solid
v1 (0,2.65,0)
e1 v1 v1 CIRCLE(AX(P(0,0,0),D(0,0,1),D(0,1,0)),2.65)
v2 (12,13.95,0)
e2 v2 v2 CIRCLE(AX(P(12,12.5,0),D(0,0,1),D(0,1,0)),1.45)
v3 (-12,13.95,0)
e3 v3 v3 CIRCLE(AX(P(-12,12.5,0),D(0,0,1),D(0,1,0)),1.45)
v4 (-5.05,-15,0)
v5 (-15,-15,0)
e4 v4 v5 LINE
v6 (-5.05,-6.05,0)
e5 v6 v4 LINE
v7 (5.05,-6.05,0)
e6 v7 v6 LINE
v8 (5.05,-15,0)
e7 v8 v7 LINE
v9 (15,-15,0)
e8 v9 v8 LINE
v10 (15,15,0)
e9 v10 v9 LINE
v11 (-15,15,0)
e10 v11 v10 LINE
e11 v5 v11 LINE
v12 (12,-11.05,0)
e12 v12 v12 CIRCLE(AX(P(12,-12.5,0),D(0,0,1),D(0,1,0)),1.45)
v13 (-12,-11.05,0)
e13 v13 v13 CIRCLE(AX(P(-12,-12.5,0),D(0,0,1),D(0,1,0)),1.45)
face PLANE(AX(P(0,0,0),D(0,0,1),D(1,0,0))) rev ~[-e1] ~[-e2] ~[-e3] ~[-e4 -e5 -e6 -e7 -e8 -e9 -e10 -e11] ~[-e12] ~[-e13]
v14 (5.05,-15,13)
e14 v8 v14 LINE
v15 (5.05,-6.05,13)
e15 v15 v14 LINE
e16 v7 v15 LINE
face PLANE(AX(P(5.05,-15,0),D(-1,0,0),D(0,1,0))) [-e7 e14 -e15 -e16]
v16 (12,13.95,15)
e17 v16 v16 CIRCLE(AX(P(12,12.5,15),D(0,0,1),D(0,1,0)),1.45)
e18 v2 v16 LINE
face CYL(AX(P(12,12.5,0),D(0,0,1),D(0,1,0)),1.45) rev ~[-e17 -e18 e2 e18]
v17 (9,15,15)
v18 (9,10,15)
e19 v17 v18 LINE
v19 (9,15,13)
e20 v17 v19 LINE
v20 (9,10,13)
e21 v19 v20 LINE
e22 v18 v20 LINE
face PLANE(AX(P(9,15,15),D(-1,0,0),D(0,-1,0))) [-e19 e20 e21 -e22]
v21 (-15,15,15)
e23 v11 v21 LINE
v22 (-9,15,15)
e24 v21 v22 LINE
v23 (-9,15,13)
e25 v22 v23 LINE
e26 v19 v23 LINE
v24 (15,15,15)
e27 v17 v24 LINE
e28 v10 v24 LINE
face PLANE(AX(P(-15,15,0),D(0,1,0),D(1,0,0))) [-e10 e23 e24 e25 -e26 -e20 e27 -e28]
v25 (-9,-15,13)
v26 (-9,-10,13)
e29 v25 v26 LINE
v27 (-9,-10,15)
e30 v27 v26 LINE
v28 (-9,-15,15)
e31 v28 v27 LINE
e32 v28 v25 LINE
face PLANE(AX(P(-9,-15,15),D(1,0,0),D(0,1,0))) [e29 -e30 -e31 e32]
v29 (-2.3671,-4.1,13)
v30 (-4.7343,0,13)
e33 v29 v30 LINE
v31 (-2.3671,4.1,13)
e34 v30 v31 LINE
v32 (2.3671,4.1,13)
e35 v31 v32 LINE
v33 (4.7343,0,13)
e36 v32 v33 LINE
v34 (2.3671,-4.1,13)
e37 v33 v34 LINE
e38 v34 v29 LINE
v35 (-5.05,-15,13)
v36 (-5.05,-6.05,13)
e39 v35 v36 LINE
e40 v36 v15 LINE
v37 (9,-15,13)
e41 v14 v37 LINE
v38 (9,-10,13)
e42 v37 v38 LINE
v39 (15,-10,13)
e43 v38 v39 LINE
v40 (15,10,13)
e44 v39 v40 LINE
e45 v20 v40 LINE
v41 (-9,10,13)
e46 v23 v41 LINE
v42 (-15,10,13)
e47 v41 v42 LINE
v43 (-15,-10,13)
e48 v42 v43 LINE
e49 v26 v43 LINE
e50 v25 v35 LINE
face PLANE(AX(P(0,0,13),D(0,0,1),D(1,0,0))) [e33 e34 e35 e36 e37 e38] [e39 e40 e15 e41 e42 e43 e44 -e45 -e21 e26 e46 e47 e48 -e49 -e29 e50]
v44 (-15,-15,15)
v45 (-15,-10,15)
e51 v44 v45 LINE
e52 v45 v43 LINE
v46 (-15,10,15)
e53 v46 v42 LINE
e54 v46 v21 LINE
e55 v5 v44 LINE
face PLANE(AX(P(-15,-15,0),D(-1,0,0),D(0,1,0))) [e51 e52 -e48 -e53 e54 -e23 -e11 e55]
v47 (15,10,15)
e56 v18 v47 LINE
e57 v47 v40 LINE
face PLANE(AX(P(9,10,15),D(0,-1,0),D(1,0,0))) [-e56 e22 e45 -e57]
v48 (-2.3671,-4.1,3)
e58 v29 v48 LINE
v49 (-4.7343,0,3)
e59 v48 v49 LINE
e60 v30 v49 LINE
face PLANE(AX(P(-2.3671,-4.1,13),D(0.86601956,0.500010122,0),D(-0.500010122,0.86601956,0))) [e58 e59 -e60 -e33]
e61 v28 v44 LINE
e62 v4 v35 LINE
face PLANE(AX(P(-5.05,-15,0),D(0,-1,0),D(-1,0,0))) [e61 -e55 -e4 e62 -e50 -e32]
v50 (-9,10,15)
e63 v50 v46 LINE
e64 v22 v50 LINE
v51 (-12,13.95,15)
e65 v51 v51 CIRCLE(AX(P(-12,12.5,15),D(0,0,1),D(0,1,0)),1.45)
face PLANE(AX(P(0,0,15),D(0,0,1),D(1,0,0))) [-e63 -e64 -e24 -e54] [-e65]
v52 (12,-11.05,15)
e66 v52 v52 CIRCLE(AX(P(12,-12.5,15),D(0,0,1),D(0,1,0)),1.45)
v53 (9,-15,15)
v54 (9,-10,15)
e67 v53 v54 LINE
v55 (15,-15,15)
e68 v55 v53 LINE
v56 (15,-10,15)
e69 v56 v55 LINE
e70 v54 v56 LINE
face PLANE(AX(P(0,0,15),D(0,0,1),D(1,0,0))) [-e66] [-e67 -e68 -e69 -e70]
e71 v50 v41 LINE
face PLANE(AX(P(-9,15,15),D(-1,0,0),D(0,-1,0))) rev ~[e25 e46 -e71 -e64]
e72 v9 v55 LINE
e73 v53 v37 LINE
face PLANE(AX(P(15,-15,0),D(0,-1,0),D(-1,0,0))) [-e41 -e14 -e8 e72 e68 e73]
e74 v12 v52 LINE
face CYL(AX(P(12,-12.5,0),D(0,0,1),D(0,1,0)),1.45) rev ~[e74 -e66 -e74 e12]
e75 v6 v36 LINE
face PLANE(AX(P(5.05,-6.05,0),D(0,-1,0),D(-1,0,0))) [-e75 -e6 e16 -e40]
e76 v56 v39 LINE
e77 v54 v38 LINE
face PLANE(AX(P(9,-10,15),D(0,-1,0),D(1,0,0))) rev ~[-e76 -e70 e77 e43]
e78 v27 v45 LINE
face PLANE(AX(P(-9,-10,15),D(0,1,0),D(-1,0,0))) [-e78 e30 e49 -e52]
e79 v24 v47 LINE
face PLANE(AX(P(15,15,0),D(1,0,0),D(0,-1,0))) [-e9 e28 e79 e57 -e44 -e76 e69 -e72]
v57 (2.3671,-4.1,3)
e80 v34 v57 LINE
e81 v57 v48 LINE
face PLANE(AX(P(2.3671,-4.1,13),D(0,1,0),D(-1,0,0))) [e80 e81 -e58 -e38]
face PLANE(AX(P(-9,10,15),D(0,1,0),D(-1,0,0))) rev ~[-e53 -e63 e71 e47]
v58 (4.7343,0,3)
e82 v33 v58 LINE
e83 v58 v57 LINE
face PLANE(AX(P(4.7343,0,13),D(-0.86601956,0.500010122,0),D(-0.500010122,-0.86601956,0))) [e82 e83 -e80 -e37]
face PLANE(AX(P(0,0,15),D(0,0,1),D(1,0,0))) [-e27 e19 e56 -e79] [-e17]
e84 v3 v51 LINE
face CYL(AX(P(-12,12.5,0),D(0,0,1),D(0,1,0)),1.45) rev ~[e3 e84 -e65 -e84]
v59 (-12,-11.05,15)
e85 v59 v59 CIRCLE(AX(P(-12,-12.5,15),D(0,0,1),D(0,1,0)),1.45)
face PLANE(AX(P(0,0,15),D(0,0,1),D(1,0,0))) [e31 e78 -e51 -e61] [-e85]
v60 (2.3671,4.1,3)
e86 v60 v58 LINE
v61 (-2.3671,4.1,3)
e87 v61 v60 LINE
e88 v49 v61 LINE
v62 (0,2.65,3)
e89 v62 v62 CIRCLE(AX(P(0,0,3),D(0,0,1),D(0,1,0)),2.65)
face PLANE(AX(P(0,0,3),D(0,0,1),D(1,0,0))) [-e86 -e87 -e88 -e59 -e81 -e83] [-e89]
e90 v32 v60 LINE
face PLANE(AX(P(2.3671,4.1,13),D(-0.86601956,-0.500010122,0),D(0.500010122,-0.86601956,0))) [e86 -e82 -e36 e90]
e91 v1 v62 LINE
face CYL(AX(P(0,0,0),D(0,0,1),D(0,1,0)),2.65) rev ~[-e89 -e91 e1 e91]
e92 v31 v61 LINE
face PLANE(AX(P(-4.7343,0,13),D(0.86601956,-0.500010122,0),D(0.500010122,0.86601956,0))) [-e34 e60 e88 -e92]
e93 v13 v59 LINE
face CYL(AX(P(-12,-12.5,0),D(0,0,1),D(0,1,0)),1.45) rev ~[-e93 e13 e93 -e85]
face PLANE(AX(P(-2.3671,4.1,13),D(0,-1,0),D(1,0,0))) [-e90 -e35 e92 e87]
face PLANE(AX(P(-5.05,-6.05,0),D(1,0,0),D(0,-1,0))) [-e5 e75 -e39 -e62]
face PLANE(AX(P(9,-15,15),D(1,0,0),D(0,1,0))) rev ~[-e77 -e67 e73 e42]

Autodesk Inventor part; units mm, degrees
ref_plane "YZ Plane" through (0, 0, 0) normal (1, 0, 0) x (0, 1, 0)
ref_plane "XZ Plane" through (0, 0, 0) normal (0, 1, 0) x (-1, 0, 0)
ref_plane "XY Plane" through (0, 0, 0) normal (0, 0, 1) x (1, 0, 0)
sketch "Sketch1" plane through (0, 0, 0) normal (0, 0, 1) x (1, 0, 0)
  line L0 (-15, -15) -> (-15, 15)
  line L1 (-15, 15) -> (15, 15)
  line L2 (15, 15) -> (15, -15)
  line L3 (15, -15) -> (-15, 15) construction
  line L4 (-15, -15) -> (15, 15) construction
  line L5 (0, 0) -> (8.0802, 0) construction
  line L6 (0, 0) -> (0, 7.2946) construction
  line L7 (-5.05, -20.05) -> (5.05, -20.05)
  line L8 (5.05, -20.05) -> (5.05, -6.05)
  line L9 (5.05, -6.05) -> (-5.05, -6.05)
  line L10 (-5.05, -6.05) -> (-5.05, -20.05)
  line L11 (-5.05, -20.05) -> (5.05, -6.05) construction
  line L12 (5.05, -20.05) -> (-5.05, -6.05) construction
  line L13 (15, -15) -> (5.05, -15)
  line L14 (-5.05, -15) -> (-15, -15)
  point P0 (-12, -12.5)
  point P1 (12, -12.5)
  point P2 (-12, 12.5)
  point P3 (12, 12.5)
  point P4 (0, -13.05)
  dimension "d0" = 30
  dimension "d1" = 30
  dimension "d4" = 24
  dimension "d7" = 25
  dimension "d10" = 10.1
  dimension "d11" = 14
extrude "Extrusion1" add sketch "Sketch1" along normal blind 15 contours L0 L1 L2 L13 L8 L9 L10 L14
hole "Hole1" at (12, 12.5, 0) at (-12, 12.5, 0) at (-12, -12.5, 0) at (12, -12.5, 0) direction (0, 0, 1) diameter 2.9 end through all
sketch "Sketch2" plane through (0, 0, 0) normal (0, 0, -1) x (-1, 0, 0)
  point P0 (0, 0)
  point P1 (0, 0)
hole "Hole2" at (0, 0, 0) direction (0, 0, 1) diameter 5.3 end through all clearance for "Flat Head Machine Screw" size "M5" standard "Ansi Metric M Profile"
sketch "Sketch3" plane through (0, 0, 15) normal (0, 0, 1) x (1, 0, 0)
  line L0 (15, 15) -> (-15, 15) projected
  line L1 (-15, 15) -> (-9, 15)
  line L2 (-9, 15) -> (-9, 10)
  line L3 (-9, 10) -> (-15, 10)
  line L4 (-15, 10) -> (-15, 15)
  line L5 (15, -15) -> (15, 15) projected
  line L6 (15, 15) -> (9, 15)
  line L7 (9, 15) -> (9, 10)
  line L8 (9, 10) -> (15, 10)
  line L9 (15, 10) -> (15, 15)
  line L10 (-15, -15) -> (-5.05, -15) projected
  line L11 (-15, -15) -> (-9, -15)
  line L12 (-9, -15) -> (-9, -10)
  line L13 (-9, -10) -> (-15, -10)
  line L14 (-15, -10) -> (-15, -15)
  line L15 (15, -15) -> (9, -15)
  line L16 (9, -15) -> (9, -10)
  line L17 (9, -10) -> (15, -10)
  line L18 (15, -10) -> (15, -15)
  circle A0 centre (0, 0) radius 2.65 projected
  circle A1 centre (-12, -12.5) radius 1.45 projected
  circle A2 centre (12, 12.5) radius 1.45 projected
  circle A3 centre (-12, 12.5) radius 1.45 projected
  circle A4 centre (12, -12.5) radius 1.45 projected
  line L19 (15, 15) -> (-15, 15) projected
  line L20 (-15, 15) -> (-15, -15) projected
  line L21 (-15, -15) -> (-5.05, -15) projected
  line L22 (-5.05, -15) -> (-5.05, -6.05) projected
  line L23 (-5.05, -6.05) -> (5.05, -6.05) projected
  line L24 (5.05, -6.05) -> (5.05, -15) projected
  line L25 (5.05, -15) -> (15, -15) projected
  line L26 (15, -15) -> (15, 15) projected
  dimension "d28" = 6
  dimension "d29" = 5
  dimension "d30" = 6
  dimension "d31" = 5
  dimension "d32" = 6
  dimension "d33" = 5
extrude "Extrusion2" cut sketch "Sketch3" against normal blind 2 contours L7 L8 L5 L17 L16 L25 L24 L23 L22 L10 L12 L13 L20 L3 L2 L0
sketch "Sketch4" plane through (0, 0, 13) normal (0, 0, 1) x (1, 0, 0)
  line L0 (2.3671, 4.1) -> (4.7343, 0)
  line L1 (4.7343, 0) -> (2.3671, -4.1)
  line L2 (2.3671, -4.1) -> (-2.3671, -4.1)
  line L3 (-2.3671, -4.1) -> (-4.7343, 0)
  line L4 (-4.7343, 0) -> (-2.3671, 4.1)
  line L5 (-2.3671, 4.1) -> (2.3671, 4.1)
  point P0 (0, 0)
  point P1 (0, 0)
  dimension "d36" = 8.2
extrude "Extrusion3" cut sketch "Sketch4" against normal blind 10
properties part number "front_door-webcam(FIT0701)-mount"
